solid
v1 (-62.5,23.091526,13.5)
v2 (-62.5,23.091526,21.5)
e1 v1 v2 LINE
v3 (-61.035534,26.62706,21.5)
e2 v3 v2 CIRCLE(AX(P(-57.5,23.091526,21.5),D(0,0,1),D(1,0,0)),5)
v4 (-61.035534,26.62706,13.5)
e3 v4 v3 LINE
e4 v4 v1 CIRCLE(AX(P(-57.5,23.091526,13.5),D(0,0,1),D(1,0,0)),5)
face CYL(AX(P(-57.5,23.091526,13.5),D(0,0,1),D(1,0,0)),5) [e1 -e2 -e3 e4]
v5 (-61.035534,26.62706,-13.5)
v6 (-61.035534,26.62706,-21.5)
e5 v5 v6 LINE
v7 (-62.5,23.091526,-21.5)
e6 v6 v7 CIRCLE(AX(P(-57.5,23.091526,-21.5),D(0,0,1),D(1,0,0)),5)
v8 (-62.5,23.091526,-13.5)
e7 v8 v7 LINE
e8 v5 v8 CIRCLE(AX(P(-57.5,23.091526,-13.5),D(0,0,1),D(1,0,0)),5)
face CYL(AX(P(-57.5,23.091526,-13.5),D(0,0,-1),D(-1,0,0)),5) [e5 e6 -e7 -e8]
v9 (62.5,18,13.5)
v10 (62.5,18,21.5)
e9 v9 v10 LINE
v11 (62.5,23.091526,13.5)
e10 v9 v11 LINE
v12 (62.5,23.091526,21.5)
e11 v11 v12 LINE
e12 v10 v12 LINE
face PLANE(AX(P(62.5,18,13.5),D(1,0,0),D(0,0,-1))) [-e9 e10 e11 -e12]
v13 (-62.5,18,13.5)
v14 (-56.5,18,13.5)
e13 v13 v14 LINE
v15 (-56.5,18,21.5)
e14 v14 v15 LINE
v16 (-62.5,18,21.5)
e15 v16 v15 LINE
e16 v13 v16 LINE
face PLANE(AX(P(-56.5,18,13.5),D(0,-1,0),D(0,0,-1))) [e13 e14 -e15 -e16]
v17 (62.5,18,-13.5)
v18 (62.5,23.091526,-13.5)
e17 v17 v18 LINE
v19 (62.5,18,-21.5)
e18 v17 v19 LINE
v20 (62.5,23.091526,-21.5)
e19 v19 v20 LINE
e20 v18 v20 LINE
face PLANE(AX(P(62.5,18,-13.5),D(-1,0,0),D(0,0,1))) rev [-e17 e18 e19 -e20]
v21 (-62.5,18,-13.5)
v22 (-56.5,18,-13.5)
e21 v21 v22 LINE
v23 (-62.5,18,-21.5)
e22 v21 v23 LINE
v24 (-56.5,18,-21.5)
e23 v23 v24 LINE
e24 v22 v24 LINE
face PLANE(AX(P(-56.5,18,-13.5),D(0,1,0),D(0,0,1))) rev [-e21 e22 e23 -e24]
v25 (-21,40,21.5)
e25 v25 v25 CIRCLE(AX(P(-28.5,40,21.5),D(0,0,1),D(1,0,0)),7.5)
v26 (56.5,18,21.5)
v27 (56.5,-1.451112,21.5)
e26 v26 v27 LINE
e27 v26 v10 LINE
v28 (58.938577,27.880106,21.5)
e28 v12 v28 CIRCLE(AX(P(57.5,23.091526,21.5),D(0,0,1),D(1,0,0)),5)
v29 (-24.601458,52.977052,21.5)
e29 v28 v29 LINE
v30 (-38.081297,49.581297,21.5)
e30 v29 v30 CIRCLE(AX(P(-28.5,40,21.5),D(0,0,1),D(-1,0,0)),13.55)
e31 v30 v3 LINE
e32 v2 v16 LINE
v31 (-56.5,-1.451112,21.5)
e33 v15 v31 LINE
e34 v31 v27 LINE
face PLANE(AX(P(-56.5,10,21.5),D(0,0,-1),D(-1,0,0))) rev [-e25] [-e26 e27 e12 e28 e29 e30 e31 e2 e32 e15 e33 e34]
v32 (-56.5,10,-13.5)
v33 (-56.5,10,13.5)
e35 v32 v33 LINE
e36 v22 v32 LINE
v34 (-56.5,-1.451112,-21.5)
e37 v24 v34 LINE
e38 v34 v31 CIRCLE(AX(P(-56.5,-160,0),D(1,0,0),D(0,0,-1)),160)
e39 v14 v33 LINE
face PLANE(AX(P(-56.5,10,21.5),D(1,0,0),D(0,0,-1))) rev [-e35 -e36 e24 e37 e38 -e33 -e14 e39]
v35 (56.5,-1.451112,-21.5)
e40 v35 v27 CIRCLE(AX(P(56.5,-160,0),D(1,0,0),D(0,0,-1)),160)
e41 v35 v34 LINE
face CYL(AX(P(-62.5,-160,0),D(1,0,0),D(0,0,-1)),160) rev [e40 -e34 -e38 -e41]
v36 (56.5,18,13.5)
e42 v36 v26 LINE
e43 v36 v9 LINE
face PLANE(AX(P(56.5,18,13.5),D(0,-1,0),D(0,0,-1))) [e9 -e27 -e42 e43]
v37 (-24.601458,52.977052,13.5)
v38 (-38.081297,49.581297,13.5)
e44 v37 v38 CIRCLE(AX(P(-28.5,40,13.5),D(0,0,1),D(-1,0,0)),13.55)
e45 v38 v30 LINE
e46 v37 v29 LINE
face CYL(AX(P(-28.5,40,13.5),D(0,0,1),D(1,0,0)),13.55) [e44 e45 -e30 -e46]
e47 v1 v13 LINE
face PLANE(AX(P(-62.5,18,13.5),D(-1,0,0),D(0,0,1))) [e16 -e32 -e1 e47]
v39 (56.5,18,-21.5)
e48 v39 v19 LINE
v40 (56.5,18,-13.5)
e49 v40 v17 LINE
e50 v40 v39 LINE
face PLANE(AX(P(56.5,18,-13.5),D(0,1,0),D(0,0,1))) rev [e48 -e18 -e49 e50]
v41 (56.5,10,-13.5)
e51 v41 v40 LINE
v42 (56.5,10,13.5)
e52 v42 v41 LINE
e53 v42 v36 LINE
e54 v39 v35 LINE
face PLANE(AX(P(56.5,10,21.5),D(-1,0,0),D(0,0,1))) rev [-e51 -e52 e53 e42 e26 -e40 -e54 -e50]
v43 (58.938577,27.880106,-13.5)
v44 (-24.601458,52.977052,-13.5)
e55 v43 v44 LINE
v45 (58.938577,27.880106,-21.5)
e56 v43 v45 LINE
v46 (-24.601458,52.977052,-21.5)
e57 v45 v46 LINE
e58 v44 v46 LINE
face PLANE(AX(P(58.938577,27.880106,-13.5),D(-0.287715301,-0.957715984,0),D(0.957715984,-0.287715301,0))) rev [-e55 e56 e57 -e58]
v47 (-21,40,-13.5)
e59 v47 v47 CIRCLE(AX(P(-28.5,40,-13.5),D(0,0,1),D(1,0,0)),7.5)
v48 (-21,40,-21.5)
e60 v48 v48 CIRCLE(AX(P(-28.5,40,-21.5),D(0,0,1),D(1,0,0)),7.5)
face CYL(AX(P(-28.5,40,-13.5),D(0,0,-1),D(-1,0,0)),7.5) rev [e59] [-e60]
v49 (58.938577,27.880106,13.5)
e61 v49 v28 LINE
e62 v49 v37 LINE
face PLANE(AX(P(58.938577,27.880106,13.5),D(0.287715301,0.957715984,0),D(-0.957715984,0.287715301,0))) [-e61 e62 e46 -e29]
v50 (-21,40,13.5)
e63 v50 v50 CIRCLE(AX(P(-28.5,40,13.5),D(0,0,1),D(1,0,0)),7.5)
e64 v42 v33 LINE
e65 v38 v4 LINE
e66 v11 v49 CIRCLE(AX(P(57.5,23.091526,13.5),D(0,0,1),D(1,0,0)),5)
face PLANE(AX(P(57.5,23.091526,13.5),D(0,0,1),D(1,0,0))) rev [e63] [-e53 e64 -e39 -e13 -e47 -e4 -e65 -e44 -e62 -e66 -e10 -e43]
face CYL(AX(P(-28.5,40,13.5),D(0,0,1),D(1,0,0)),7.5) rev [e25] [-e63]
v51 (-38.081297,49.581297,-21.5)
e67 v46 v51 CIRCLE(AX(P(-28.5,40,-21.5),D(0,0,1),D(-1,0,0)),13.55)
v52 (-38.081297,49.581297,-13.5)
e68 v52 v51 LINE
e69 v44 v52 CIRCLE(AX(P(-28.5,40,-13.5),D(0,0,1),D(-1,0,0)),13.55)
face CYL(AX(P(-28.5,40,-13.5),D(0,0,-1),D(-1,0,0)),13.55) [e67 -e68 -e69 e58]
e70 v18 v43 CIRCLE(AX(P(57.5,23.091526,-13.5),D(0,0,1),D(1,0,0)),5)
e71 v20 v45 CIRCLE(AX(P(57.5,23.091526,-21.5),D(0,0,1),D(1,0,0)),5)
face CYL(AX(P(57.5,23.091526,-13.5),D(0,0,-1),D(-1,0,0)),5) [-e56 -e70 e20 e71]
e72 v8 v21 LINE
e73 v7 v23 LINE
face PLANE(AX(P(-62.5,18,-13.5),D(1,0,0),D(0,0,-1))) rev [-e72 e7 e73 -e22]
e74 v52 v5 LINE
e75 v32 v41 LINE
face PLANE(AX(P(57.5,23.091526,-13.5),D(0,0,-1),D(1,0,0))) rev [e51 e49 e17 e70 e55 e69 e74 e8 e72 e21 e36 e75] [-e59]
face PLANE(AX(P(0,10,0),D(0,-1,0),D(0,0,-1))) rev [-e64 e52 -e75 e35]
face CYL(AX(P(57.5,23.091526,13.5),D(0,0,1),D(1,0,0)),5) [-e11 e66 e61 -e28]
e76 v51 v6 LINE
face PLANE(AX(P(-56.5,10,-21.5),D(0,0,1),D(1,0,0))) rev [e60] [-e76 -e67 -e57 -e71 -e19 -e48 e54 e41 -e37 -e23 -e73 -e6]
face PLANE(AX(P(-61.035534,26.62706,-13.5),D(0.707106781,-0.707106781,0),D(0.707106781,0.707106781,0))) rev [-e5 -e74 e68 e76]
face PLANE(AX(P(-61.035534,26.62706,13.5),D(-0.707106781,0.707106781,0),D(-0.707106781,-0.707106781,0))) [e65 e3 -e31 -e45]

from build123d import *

# Parameters (mm, degrees)
SKETCH3_W           = 113
SKETCH3_H           = 43
BOSS_EXTRUDE1_DEPTH = 10
SKETCH5_R           = 7.5
BOSS_EXTRUDE3_DEPTH = 8
CUT_EXTRUDE5_DEPTH  = 133.252986734


with BuildPart() as part:
    # Sketch3 → Boss-Extrude1 (new, symmetric)
    with BuildSketch(Plane(origin=(0, 0, 0), x_dir=(1, 0, 0), z_dir=(0, 1, 0))):
        Rectangle(SKETCH3_W, SKETCH3_H)
    extrude(amount=BOSS_EXTRUDE1_DEPTH, both=True)

    # Sketch5 → Boss-Extrude3 (add)
    with BuildSketch(Plane.XY.offset(21.5)):
        with BuildLine():
            Line((56.5, 0), (-56.5, 0))
            Line((-56.5, 0), (-56.5, 18))
            Line((-56.5, 18), (-62.5, 18))
            Line((-62.5, 18), (-62.5, 23.091525958))
            ThreePointArc((-62.5, 23.091525958), (-62.119397663, 25.00494312), (-61.035533906, 26.627059864))
            Line((-61.035533906, 26.627059864), (-38.081296885, 49.581296885))
            ThreePointArc((-38.081296885, 49.581296885), (-31.81001697, 53.139493432), (-24.601457677, 52.977051582))
            Line((-24.601457677, 52.977051582), (58.938576503, 27.880105878))
            ThreePointArc((58.938576503, 27.880105878), (61.512037046, 26.075409123), (62.5, 23.091525958))
            Line((62.5, 23.091525958), (62.5, 18))
            Line((62.5, 18), (56.5, 18))
            Line((56.5, 18), (56.5, 0))
        make_face()
        with Locations((-28.5, 40)):
            Circle(SKETCH5_R, mode=Mode.SUBTRACT)
    boss_extrude3 = extrude(amount=-BOSS_EXTRUDE3_DEPTH)

    # Mirror1: Boss-Extrude3 across plane
    add(boss_extrude3.mirror(Plane.XY))

    # Sketch4 → Cut-Extrude5 (cut, through all)
    with BuildSketch(Plane(origin=(56.5, 0, 0), x_dir=(0, 0, -1), z_dir=(1, 0, 0))):
        with BuildLine():
            ThreePointArc((21.5, -1.451111641), (0, 0), (-21.5, -1.451111641))
            Line((-21.5, -1.451111641), (-21.5, -10))
            Line((-21.5, -10), (21.5, -10))
            Line((21.5, -10), (21.5, -1.451111641))
        make_face()
        with BuildLine():
            Line((-21.5, -10), (-21.5, -1.451111641))
            ThreePointArc((-21.5, -1.451111641), (-105.261578936, -280.498962651), (160, -160))
            ThreePointArc((160, -160), (120.498962651, -54.738421064), (21.5, -1.451111641))
            Line((21.5, -1.451111641), (21.5, -10))
            Line((21.5, -10), (-21.5, -10))
        make_face()
    extrude(amount=-CUT_EXTRUDE5_DEPTH, mode=Mode.SUBTRACT)


solid = part.part
